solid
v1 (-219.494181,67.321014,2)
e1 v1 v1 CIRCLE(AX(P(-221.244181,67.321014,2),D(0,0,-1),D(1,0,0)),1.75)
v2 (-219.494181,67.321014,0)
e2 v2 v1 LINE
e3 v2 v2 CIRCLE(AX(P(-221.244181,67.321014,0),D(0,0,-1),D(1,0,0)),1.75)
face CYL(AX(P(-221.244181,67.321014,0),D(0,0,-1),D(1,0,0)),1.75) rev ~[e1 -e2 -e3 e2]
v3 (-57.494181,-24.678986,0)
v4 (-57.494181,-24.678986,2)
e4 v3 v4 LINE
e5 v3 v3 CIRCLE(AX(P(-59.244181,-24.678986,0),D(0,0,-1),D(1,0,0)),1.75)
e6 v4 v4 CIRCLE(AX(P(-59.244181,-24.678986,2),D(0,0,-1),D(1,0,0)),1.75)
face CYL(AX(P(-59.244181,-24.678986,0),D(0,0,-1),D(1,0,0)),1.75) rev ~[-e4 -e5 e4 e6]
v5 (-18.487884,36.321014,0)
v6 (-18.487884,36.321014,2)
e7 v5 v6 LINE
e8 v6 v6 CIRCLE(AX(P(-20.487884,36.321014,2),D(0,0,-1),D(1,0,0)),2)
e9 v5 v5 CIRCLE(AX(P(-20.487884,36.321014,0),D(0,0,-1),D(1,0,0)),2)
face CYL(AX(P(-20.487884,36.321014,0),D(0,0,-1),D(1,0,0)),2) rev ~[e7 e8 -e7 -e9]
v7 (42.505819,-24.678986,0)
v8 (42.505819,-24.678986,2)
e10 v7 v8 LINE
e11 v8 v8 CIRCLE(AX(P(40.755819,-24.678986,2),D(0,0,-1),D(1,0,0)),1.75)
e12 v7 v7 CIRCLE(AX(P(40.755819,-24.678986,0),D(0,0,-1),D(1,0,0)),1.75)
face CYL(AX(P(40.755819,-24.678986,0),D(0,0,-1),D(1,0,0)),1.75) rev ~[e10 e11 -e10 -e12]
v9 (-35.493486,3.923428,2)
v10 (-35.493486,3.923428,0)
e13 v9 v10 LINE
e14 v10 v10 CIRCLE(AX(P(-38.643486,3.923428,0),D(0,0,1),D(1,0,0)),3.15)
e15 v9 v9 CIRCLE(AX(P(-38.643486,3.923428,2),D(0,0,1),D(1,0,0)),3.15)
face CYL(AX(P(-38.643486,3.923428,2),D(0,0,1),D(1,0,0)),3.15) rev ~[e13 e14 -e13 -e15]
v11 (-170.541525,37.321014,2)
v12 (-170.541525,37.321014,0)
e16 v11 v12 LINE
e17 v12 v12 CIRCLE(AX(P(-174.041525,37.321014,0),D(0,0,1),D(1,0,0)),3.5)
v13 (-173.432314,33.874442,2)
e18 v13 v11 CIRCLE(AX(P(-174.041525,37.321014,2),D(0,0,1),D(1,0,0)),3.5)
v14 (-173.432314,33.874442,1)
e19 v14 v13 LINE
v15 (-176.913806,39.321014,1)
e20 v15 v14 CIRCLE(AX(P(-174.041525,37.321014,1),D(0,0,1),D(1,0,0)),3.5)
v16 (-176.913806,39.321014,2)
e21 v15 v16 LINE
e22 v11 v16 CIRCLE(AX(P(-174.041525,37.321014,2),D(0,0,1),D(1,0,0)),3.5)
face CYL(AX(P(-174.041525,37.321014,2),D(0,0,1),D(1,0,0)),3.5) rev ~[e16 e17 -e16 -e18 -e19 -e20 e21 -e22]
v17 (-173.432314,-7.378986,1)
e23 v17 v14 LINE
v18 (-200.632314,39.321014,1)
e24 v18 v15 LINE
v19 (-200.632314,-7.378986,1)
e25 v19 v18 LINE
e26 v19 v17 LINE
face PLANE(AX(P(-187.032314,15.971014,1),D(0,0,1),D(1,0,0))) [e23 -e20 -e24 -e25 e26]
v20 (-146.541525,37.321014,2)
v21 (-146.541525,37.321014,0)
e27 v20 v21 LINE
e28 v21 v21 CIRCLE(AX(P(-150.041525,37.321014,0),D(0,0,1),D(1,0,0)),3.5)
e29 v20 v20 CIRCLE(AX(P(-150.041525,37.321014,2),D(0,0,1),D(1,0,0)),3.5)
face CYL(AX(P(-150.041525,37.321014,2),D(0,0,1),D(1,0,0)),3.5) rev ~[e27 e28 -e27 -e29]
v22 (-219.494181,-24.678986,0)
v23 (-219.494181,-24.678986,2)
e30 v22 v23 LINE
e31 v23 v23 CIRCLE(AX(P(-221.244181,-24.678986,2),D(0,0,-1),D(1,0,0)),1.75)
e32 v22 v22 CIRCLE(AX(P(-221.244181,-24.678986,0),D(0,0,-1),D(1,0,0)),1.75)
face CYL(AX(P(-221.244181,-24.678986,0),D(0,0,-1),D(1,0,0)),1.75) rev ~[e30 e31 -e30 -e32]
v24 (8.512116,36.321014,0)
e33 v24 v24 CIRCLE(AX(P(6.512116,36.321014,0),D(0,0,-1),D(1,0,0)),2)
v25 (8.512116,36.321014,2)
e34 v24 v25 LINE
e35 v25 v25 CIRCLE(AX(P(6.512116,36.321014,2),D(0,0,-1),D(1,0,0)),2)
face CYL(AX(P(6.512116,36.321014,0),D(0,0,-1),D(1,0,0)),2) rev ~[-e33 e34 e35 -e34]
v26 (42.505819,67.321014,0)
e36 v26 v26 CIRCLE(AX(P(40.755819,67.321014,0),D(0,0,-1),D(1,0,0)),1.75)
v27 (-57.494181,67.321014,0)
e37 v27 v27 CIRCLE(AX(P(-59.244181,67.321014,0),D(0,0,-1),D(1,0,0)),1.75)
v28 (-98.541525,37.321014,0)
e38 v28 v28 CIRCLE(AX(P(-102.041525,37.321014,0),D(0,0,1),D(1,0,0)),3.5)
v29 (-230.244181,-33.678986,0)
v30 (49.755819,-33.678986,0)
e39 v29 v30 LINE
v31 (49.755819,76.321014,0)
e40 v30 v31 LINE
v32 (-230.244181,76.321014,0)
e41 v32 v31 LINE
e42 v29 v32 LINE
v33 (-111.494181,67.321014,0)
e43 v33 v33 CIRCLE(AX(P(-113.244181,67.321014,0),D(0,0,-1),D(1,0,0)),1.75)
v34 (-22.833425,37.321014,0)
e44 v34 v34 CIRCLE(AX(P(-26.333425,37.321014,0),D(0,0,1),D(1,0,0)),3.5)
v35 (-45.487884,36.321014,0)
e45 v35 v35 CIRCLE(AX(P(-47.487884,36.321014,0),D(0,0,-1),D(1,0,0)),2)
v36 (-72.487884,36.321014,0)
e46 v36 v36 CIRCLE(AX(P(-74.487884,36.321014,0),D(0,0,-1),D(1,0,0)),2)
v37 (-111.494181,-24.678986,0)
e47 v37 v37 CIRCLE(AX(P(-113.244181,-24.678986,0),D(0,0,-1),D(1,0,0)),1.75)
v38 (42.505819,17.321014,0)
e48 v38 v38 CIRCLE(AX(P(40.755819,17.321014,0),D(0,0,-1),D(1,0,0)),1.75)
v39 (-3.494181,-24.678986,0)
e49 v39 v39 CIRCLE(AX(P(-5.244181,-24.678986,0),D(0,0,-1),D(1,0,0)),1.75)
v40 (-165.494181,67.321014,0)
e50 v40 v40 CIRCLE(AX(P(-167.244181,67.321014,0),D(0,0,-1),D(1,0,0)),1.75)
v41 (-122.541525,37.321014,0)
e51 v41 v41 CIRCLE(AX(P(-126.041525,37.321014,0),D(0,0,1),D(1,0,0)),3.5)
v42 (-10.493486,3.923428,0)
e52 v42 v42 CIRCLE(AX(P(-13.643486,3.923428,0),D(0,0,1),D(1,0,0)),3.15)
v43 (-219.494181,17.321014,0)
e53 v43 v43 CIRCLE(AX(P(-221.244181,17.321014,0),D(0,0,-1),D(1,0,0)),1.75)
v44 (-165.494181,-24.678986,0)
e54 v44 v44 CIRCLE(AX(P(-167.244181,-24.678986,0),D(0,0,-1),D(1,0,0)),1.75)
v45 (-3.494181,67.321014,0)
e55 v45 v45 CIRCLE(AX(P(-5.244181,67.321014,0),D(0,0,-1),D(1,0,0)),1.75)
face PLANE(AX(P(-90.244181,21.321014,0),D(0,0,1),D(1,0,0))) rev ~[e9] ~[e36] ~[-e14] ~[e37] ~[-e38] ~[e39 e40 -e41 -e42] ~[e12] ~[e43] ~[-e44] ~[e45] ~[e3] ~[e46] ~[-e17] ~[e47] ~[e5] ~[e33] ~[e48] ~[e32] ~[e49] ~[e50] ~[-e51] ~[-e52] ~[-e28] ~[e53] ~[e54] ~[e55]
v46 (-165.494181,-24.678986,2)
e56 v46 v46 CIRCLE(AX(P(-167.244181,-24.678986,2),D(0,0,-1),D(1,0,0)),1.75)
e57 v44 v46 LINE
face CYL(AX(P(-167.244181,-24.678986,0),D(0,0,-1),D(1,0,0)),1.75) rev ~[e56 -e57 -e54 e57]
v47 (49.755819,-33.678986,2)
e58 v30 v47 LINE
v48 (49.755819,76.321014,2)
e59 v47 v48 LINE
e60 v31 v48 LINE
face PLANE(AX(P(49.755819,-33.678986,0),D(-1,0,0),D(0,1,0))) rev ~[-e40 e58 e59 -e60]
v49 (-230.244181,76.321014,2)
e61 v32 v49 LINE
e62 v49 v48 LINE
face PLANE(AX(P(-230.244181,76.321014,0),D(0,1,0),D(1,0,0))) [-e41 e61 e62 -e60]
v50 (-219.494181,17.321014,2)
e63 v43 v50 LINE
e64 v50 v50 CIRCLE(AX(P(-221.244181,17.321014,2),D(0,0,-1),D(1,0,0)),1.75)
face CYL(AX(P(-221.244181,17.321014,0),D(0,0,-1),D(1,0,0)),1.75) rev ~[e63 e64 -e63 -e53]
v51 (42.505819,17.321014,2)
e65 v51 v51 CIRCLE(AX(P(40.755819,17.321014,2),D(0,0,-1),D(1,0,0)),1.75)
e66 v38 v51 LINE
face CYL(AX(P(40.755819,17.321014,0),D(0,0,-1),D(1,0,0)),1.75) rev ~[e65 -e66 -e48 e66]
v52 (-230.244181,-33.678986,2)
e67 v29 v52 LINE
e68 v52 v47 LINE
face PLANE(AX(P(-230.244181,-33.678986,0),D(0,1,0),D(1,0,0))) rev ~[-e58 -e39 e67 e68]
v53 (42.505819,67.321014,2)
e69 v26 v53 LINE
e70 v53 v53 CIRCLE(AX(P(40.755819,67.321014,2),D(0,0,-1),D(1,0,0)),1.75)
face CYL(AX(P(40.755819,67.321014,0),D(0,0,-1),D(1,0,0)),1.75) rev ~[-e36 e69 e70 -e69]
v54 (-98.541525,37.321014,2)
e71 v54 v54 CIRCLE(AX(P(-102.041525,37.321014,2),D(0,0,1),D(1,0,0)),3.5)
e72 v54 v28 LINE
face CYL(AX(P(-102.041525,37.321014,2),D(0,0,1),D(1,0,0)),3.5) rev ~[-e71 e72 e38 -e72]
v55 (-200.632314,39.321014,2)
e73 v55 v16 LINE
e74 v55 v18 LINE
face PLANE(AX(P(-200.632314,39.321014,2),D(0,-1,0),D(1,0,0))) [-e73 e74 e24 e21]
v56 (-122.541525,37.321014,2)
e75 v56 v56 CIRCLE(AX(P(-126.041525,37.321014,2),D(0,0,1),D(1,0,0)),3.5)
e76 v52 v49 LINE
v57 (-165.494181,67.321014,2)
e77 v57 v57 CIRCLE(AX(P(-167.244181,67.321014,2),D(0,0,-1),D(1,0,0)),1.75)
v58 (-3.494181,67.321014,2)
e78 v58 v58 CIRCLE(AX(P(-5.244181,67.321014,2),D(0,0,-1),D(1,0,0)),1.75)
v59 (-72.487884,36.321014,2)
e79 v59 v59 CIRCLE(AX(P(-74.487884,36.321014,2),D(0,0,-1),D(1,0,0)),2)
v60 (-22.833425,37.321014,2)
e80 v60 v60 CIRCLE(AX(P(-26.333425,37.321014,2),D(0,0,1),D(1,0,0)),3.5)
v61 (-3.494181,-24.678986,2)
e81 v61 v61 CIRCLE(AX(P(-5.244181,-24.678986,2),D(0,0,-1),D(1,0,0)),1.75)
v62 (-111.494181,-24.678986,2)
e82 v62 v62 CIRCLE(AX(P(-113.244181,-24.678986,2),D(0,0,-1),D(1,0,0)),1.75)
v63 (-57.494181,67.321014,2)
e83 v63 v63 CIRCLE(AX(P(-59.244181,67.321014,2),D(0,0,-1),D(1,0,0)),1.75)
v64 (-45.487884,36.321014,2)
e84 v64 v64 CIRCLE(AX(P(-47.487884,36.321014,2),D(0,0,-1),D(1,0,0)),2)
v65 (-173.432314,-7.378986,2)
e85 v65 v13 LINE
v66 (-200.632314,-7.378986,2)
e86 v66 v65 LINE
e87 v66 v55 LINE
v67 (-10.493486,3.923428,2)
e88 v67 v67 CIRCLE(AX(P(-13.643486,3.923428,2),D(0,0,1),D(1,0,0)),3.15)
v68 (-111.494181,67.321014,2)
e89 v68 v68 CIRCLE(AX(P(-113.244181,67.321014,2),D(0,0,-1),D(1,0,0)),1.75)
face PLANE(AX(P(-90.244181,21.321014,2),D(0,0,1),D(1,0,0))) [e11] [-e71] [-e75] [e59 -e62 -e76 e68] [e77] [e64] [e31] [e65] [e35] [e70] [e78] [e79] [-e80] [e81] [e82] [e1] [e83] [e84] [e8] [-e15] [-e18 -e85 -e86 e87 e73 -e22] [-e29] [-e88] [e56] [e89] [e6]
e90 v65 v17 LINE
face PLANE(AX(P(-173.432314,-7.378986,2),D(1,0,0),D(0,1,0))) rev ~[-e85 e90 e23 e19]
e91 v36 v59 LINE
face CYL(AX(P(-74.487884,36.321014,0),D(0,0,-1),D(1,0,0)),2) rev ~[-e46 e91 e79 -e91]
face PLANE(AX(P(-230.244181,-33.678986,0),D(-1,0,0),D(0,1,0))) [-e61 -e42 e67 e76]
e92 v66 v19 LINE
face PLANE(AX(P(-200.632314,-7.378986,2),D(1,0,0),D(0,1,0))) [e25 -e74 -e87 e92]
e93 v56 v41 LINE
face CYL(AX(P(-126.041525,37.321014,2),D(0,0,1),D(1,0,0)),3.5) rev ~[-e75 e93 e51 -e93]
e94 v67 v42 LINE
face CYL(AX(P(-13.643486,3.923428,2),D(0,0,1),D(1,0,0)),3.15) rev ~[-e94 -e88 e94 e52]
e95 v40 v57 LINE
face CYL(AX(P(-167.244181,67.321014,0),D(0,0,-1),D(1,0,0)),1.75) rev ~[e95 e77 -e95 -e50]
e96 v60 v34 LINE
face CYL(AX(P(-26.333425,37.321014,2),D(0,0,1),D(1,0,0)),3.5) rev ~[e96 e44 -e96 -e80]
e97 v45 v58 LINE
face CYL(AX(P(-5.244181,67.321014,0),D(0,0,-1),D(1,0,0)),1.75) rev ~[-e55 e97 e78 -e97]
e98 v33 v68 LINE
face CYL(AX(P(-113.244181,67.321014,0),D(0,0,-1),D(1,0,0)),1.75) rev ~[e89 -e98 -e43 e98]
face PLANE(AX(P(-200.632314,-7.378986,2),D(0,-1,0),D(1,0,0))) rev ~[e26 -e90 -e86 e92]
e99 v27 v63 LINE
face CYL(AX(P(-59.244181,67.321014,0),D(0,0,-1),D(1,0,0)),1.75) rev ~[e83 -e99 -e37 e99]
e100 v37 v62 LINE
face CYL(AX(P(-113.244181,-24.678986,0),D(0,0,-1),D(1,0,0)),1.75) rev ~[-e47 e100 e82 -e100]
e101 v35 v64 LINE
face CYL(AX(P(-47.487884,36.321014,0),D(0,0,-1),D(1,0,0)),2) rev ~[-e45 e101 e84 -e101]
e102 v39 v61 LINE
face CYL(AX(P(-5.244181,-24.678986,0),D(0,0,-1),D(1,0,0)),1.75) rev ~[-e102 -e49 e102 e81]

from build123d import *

# Parameters (mm, degrees)
F0_W     = 280
F0_H     = 110
F1_DEPTH = 2
F2_R     = 3.5
F2_R_2   = 3.15
F3_DEPTH = 25
F4_R     = 2
F4_R_2   = 1.75
F5_DEPTH = 25
F6_W     = 27.2
F6_H     = 46.7
F7_DEPTH = 1


with BuildPart() as f1:
    # F0 (on Top) → F1 (new body)
    with BuildSketch(Plane.XY):
        with Locations((-90.244181, 21.321014)):
            Rectangle(F0_W, F0_H)
    extrude(amount=F1_DEPTH)

    # F2 (on face) → F3 (cut)
    with BuildSketch(Plane.XY.offset(2)):
        with Locations((-174.041525, 37.321014)):
            Circle(F2_R)
        with Locations((-150.041525, 37.321014)):
            Circle(F2_R)
        with Locations((-126.041525, 37.321014)):
            Circle(F2_R)
        with Locations((-102.041525, 37.321014)):
            Circle(F2_R)
        with Locations((-26.333425, 37.321014)):
            Circle(F2_R)
        with Locations((-13.643486, 3.923428)):
            Circle(F2_R_2)
        with Locations((-38.643486, 3.923428)):
            Circle(F2_R_2)
    extrude(amount=-F3_DEPTH, mode=Mode.SUBTRACT)

    # F4 (on face) → F5 (cut)
    with BuildSketch(Plane(origin=(0, 0, 0), x_dir=(1, 0, 0), z_dir=(0, 0, -1))):
        with Locations((6.512116, -36.321014)):
            Circle(F4_R)
        with Locations((-20.487884, -36.321014)):
            Circle(F4_R)
        with Locations((-47.487884, -36.321014)):
            Circle(F4_R)
        with Locations((-74.487884, -36.321014)):
            Circle(F4_R)
        with Locations((-221.244181, 24.678986)):
            Circle(F4_R_2)
        with Locations((-221.244181, -67.321014)):
            Circle(F4_R_2)
        with Locations((40.755819, 24.678986)):
            Circle(F4_R_2)
        with Locations((40.755819, -67.321014)):
            Circle(F4_R_2)
        with Locations((-167.244181, 24.678986)):
            Circle(F4_R_2)
        with Locations((-167.244181, -67.321014)):
            Circle(F4_R_2)
        with Locations((-113.244181, 24.678986)):
            Circle(F4_R_2)
        with Locations((-113.244181, -67.321014)):
            Circle(F4_R_2)
        with Locations((-59.244181, 24.678986)):
            Circle(F4_R_2)
        with Locations((-59.244181, -67.321014)):
            Circle(F4_R_2)
        with Locations((-5.244181, 24.678986)):
            Circle(F4_R_2)
        with Locations((-5.244181, -67.321014)):
            Circle(F4_R_2)
        with Locations((-221.244181, -17.321014)):
            Circle(F4_R_2)
        with Locations((40.755819, -17.321014)):
            Circle(F4_R_2)
    extrude(amount=-F5_DEPTH, mode=Mode.SUBTRACT)

    # F6 (on face) → F7 (cut)
    with BuildSketch(Plane.XY.offset(2)):
        with Locations((-187.032314, 15.971014)):
            Rectangle(F6_W, F6_H)
    extrude(amount=-F7_DEPTH, mode=Mode.SUBTRACT)


solid = f1.part
